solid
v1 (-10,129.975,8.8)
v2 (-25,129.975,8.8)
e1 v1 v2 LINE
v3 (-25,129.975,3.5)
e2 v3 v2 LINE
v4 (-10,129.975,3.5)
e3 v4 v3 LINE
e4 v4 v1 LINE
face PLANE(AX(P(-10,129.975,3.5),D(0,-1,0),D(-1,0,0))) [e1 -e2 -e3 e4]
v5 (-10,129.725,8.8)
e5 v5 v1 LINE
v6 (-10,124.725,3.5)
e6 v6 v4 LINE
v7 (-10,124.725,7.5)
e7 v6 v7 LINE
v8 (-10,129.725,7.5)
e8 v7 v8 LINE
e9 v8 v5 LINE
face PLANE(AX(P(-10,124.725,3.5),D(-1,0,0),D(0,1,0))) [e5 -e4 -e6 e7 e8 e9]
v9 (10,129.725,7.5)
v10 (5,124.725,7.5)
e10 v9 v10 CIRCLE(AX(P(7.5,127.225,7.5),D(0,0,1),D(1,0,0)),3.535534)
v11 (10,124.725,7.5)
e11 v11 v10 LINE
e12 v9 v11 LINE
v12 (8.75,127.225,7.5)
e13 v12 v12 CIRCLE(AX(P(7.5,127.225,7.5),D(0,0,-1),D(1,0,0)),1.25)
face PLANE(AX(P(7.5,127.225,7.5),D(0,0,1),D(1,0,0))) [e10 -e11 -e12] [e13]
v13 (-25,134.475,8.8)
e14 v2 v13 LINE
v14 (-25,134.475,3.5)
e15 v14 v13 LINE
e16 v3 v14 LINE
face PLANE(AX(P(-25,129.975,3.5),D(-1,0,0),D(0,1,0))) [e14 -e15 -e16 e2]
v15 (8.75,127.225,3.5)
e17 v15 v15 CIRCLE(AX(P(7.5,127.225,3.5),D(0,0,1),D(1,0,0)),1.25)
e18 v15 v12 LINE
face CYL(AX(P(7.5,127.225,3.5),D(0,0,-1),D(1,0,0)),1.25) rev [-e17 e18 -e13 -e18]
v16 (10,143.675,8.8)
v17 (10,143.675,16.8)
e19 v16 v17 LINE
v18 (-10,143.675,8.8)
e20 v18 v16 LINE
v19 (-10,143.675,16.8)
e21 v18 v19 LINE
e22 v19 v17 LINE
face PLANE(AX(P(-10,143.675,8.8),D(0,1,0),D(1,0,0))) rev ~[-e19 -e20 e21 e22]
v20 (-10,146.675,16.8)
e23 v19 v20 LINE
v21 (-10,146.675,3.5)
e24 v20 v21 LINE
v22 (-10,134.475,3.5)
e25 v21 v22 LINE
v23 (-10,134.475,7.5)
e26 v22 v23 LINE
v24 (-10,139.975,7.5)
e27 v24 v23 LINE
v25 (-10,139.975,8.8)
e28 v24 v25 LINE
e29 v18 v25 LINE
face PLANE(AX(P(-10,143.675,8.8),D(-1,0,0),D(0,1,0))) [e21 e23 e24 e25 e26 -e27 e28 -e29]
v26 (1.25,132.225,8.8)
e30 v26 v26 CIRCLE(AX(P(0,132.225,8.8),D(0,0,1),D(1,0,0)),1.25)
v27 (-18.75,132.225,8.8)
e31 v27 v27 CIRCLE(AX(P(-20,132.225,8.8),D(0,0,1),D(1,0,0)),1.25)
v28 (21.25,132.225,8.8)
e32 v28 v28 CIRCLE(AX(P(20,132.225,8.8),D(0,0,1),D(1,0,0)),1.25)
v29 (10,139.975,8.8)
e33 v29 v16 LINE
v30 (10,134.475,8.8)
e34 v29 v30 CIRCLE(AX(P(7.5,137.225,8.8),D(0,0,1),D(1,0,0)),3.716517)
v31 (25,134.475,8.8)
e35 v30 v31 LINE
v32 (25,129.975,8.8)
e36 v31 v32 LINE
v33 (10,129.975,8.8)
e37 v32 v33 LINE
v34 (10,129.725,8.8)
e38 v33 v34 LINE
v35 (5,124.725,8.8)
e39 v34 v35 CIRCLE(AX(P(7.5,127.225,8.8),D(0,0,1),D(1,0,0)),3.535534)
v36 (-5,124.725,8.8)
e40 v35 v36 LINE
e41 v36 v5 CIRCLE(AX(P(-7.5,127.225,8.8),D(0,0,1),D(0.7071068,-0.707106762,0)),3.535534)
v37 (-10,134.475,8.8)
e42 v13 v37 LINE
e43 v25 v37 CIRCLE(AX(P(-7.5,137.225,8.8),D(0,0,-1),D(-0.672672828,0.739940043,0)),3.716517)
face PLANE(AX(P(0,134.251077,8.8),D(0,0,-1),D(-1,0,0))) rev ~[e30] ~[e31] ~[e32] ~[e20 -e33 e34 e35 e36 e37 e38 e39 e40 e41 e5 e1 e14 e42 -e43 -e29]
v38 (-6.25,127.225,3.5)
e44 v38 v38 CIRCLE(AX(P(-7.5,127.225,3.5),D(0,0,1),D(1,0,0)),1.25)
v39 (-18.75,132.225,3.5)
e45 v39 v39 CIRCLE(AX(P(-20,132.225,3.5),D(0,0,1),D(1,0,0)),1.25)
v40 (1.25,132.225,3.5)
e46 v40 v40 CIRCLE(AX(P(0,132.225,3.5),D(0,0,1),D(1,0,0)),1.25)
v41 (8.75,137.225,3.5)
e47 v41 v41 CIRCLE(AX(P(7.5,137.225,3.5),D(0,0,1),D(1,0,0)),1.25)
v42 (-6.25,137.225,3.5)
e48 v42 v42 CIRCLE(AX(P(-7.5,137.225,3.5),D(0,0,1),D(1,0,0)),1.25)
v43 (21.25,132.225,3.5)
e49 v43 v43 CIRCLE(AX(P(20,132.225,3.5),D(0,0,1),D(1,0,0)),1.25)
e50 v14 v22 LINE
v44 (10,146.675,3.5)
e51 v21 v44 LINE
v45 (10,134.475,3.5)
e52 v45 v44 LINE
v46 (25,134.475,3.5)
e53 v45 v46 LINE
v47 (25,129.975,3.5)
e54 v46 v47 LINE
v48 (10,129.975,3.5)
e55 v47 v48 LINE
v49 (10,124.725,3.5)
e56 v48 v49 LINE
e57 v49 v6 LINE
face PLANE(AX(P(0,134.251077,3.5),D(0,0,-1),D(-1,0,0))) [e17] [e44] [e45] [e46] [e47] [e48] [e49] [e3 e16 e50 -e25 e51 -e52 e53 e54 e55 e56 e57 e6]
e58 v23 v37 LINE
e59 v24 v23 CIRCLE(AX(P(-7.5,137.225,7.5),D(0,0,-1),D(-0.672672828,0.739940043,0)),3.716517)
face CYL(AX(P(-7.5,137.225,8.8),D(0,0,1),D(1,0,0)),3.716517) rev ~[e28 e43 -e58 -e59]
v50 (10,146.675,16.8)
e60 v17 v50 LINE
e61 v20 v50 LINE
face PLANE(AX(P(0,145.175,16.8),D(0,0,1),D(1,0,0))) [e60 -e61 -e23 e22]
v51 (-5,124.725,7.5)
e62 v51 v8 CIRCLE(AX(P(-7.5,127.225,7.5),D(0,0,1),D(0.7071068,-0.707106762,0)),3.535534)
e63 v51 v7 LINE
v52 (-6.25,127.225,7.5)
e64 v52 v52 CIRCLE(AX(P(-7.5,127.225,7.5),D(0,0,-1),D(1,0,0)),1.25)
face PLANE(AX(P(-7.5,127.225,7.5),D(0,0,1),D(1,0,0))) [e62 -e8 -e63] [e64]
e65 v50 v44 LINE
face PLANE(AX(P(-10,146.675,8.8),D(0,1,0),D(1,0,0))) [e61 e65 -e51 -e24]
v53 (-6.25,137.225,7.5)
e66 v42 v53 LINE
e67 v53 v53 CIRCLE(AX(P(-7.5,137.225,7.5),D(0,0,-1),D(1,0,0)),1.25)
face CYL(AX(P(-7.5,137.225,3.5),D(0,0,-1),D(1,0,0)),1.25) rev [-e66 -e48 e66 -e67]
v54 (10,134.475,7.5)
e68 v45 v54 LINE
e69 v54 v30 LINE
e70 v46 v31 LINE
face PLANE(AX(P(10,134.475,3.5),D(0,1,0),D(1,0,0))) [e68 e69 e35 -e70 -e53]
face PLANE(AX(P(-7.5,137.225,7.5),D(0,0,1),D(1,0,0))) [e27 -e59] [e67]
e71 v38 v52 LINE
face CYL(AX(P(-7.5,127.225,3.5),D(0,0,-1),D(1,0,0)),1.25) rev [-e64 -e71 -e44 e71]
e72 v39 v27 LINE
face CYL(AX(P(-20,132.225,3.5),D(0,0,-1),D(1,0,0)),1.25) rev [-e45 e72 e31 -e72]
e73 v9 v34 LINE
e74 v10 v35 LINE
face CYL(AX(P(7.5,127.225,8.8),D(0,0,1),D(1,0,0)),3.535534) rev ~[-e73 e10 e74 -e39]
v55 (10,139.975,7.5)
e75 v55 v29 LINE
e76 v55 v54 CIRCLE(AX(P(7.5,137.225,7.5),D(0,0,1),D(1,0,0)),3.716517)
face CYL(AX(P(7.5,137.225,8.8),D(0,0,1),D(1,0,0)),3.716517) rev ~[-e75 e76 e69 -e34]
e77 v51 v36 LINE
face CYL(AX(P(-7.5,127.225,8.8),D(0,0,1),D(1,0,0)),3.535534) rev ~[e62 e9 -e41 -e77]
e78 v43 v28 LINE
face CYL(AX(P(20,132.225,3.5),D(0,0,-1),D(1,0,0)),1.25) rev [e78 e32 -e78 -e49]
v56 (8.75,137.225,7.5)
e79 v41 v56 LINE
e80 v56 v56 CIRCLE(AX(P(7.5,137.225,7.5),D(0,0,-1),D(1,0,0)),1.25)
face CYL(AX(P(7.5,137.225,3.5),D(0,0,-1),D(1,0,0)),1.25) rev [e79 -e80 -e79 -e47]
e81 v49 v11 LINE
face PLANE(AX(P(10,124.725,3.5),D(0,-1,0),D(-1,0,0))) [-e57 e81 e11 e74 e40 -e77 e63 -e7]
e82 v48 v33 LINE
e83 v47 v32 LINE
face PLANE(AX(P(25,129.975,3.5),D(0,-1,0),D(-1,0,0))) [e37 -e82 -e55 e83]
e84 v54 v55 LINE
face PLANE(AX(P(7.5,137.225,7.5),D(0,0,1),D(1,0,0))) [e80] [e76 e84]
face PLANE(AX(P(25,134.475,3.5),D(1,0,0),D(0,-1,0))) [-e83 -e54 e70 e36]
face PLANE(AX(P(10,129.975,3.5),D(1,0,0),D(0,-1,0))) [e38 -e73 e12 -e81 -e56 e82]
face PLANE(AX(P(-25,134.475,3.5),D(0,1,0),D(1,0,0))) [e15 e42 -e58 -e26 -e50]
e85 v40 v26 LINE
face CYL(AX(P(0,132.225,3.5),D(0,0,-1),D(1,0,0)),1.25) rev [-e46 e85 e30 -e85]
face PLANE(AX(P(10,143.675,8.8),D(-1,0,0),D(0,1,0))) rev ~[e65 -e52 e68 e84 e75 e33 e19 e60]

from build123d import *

# Parameters (mm, degrees)
SKETCH027_R     = 1.25
PAD016_DEPTH    = 5.3
SKETCH028_R     = 3.535534
SKETCH028_R_2   = 3.716517
POCKET008_DEPTH = 1.3
SKETCH032_W     = 20
SKETCH032_H     = 3
PAD019_DEPTH    = 8


with BuildPart() as part:
    # Sketch027 (on Face1 of ReferencePad002001) → Pad016 (new body)
    with BuildSketch(Plane.XY.offset(3.5)):
        Polygon((10, 124.725), (-10, 124.725), (-10, 129.975), (-25, 129.975), (-25, 134.475), (-10, 134.475), (-10, 139.725), (-10, 146.675), (10, 146.675), (10, 139.725), (10, 134.475), (25, 134.475), (25, 129.975), (10, 129.975), align=None)
        with Locations((7.5, 137.225)):
            Circle(SKETCH027_R, mode=Mode.SUBTRACT)
        with Locations((7.5, 127.225)):
            Circle(SKETCH027_R, mode=Mode.SUBTRACT)
        with Locations((-7.5, 127.225)):
            Circle(SKETCH027_R, mode=Mode.SUBTRACT)
        with Locations((-7.5, 137.225)):
            Circle(SKETCH027_R, mode=Mode.SUBTRACT)
        with Locations((-20, 132.225)):
            Circle(SKETCH027_R, mode=Mode.SUBTRACT)
        with Locations((0, 132.225)):
            Circle(SKETCH027_R, mode=Mode.SUBTRACT)
        with Locations((20, 132.225)):
            Circle(SKETCH027_R, mode=Mode.SUBTRACT)
    extrude(amount=PAD016_DEPTH)

    # Sketch028 (on Face23 of Pad016) → Pocket008 (cut)
    with BuildSketch(Plane.XY.offset(8.8)):
        with Locations((-7.5, 127.225)):
            Circle(SKETCH028_R)
        with Locations((7.5, 127.225)):
            Circle(SKETCH028_R)
        with Locations((-7.5, 137.225)):
            Circle(SKETCH028_R_2)
        with Locations((7.5, 137.225)):
            Circle(SKETCH028_R_2)
    extrude(amount=-POCKET008_DEPTH, mode=Mode.SUBTRACT)

    # Sketch032 (on Face6 of Pocket008) → Pad019 (join)
    with BuildSketch(Plane.XY.offset(8.8)):
        with Locations((0, 145.175)):
            Rectangle(SKETCH032_W, SKETCH032_H)
    extrude(amount=PAD019_DEPTH)


solid = part.part
